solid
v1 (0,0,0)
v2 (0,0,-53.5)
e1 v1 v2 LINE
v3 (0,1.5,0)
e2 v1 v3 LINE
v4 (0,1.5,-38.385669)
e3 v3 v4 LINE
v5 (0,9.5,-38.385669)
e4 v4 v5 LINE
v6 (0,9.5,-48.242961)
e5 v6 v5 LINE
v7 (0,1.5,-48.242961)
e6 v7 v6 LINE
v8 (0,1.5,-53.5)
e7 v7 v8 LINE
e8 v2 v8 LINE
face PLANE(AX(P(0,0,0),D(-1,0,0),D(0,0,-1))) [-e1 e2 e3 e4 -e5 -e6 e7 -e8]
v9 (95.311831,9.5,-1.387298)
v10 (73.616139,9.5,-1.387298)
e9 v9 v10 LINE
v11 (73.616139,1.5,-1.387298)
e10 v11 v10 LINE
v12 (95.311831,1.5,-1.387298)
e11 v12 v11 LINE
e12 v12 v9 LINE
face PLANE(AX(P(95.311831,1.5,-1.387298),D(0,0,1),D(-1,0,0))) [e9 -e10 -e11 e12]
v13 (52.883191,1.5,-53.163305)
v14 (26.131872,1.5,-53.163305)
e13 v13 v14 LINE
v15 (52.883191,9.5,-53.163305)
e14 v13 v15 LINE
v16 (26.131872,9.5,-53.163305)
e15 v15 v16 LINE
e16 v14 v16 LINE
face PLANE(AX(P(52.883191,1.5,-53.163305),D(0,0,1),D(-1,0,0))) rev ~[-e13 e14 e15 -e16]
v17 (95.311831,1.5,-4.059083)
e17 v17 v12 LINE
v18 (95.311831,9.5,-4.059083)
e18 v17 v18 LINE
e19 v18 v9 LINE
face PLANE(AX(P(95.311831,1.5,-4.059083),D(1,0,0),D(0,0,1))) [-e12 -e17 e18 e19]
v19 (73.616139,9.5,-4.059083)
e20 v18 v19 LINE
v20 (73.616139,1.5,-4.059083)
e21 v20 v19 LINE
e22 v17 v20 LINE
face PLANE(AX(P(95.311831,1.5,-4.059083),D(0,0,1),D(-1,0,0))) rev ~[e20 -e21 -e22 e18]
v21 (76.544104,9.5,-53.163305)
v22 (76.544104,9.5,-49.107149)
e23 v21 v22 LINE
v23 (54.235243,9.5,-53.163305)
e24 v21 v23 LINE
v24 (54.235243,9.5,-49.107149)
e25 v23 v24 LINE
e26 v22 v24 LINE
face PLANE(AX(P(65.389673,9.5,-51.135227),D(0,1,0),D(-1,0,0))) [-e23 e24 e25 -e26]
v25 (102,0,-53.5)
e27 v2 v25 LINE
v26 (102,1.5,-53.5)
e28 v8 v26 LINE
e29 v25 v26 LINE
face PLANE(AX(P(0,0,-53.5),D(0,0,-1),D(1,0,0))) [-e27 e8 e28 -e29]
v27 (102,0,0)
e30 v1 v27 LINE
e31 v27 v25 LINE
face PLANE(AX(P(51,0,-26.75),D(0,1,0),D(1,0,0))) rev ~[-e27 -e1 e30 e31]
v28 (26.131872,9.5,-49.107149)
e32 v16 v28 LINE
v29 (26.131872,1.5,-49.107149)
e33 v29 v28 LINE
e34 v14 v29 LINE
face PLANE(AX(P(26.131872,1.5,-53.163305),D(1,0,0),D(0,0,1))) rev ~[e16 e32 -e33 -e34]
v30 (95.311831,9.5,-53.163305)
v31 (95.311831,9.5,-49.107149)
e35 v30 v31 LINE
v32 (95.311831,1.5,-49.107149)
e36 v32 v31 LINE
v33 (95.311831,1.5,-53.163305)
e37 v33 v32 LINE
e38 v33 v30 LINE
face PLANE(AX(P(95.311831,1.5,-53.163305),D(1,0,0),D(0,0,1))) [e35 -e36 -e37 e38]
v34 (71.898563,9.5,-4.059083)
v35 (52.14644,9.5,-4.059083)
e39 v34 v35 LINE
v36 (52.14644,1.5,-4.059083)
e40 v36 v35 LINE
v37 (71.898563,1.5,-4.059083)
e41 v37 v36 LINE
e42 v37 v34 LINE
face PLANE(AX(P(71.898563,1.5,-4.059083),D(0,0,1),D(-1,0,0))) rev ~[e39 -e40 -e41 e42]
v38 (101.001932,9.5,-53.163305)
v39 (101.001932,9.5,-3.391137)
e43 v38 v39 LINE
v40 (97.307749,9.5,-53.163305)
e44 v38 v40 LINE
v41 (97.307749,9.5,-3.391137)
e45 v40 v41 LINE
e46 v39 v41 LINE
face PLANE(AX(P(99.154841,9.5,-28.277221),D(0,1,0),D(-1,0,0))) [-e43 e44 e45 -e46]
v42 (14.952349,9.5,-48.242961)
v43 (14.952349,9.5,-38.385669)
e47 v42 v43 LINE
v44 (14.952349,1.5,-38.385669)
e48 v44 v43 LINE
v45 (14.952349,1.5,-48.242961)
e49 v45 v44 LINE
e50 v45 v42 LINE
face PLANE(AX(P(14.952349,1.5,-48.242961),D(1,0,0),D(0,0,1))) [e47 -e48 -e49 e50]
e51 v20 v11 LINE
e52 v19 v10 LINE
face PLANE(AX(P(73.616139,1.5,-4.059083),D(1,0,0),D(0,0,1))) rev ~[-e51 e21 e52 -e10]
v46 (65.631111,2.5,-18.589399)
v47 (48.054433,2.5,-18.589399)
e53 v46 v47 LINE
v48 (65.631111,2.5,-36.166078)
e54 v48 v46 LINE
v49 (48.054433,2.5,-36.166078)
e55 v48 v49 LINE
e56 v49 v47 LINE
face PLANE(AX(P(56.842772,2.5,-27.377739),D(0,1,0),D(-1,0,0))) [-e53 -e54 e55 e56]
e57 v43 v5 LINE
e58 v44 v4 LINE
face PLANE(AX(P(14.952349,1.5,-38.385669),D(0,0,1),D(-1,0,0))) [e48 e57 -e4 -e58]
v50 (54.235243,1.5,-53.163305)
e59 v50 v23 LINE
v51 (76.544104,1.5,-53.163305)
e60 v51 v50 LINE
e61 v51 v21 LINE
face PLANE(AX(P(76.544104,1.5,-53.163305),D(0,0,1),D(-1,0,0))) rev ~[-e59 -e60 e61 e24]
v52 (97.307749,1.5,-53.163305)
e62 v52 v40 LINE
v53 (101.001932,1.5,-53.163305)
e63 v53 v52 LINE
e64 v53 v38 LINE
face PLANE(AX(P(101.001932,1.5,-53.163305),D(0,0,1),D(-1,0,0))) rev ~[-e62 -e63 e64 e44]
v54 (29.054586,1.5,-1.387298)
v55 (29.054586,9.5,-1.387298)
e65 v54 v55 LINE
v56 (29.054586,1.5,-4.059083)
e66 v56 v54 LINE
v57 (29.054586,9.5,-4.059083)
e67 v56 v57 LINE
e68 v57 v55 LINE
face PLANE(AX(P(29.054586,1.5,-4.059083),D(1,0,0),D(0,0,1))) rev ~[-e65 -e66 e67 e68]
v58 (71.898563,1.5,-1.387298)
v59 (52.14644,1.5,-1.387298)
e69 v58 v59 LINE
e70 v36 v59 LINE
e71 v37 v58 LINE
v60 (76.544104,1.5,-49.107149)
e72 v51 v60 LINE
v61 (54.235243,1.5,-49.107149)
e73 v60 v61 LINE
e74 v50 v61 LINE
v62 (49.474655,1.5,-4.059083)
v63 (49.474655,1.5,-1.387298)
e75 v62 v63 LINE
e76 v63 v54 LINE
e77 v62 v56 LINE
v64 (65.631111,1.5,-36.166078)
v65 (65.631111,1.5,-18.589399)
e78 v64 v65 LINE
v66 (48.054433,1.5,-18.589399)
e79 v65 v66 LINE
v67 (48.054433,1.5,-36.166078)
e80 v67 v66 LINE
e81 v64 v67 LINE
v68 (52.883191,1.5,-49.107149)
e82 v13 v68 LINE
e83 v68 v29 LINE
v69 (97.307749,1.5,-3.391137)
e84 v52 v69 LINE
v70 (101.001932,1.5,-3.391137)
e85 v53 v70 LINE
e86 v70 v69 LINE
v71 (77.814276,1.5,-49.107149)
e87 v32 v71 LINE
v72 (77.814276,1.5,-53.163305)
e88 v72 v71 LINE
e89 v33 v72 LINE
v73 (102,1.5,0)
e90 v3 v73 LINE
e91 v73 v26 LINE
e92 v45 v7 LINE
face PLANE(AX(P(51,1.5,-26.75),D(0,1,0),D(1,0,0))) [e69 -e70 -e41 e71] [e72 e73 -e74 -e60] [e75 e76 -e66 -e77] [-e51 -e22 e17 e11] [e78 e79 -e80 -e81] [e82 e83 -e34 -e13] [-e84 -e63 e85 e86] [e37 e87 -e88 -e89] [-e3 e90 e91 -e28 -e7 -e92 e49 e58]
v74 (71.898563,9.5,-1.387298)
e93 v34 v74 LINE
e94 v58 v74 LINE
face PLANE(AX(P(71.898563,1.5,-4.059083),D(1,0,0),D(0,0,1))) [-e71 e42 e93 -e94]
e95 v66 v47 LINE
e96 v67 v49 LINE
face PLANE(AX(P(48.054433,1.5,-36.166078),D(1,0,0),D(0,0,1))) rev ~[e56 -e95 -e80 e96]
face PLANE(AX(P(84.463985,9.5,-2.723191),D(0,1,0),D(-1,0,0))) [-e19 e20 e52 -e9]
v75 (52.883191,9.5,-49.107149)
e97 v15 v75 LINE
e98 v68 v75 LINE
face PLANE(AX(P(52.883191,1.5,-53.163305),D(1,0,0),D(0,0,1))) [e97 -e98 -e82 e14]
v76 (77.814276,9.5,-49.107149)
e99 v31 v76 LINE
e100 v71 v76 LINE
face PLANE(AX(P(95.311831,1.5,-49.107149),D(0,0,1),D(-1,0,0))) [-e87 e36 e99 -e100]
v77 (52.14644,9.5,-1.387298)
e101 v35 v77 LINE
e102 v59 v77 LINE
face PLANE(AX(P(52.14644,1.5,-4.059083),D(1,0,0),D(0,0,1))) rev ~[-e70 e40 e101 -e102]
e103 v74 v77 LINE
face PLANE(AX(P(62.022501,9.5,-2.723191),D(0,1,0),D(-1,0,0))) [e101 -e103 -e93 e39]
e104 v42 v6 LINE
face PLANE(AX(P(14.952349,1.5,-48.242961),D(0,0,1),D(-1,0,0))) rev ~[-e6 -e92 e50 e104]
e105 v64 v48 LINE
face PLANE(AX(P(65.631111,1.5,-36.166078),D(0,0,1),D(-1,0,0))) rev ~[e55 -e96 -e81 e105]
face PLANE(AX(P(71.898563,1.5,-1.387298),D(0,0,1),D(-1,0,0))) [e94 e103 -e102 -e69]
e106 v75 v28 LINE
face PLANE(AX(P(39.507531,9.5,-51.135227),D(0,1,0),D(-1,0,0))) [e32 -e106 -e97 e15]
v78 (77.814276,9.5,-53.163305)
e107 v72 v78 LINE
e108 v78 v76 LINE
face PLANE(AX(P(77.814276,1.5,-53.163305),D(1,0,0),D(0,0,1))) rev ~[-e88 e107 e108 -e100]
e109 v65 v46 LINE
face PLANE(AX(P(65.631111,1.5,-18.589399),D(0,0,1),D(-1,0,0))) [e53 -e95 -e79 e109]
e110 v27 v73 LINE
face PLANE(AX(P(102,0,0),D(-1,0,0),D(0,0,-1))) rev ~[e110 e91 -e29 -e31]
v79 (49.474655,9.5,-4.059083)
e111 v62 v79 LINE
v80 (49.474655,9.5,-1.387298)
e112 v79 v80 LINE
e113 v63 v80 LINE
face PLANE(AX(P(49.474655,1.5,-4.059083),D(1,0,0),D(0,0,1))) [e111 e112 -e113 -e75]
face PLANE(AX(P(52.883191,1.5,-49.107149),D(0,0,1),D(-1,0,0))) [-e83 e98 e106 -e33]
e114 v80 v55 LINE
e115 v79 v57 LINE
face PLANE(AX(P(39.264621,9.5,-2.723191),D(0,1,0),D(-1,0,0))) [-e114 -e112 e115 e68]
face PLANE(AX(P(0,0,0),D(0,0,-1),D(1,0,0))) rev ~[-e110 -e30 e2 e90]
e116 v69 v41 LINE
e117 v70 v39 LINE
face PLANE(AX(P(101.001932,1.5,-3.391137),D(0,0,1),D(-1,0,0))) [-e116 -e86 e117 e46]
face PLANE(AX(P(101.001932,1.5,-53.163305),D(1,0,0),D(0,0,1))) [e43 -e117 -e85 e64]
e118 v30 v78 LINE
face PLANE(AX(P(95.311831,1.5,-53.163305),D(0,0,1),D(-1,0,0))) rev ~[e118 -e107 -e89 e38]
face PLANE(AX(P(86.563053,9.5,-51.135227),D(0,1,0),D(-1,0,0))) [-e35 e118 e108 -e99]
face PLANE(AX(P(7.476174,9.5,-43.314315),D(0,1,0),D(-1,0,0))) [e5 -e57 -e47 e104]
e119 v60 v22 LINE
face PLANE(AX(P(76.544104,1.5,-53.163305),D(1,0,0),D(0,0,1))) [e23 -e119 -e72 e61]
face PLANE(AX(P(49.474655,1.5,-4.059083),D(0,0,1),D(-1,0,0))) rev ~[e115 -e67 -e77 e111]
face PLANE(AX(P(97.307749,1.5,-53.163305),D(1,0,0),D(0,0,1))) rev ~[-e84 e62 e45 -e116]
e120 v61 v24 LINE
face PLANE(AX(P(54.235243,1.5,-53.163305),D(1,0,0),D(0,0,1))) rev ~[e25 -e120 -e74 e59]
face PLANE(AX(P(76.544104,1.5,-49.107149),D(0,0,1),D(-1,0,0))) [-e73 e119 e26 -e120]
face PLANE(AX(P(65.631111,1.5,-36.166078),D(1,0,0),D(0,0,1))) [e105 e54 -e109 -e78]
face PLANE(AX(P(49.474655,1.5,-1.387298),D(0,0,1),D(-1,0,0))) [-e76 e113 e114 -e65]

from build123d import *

# Parameters (mm, degrees)
SKETCH1_W           = 102
SKETCH1_H           = 53.5
BOSS_EXTRUDE1_DEPTH = 1.5
SKETCH2_W           = 14.952348819
SKETCH2_H           = 9.85729203
BOSS_EXTRUDE2_DEPTH = 8
SKETCH3_W           = 26.751318109
SKETCH3_H           = 4.056156536
SKETCH3_W_2         = 22.308860949
SKETCH3_W_3         = 17.497554299
SKETCH3_W_4         = 3.694182794
SKETCH3_H_2         = 49.772168178
SKETCH3_W_5         = 21.695691939
SKETCH3_H_3         = 2.671784729
SKETCH3_W_6         = 19.752122819
SKETCH3_W_7         = 20.420069002
BOSS_EXTRUDE3_DEPTH = 8
SKETCH4_W           = 17.576678325
SKETCH4_H           = 17.576678325
BOSS_EXTRUDE4_DEPTH = 1


with BuildPart() as part:
    # Sketch1 → Boss-Extrude1 (new body)
    with BuildSketch(Plane(origin=(0, 0, 0), x_dir=(1, 0, 0), z_dir=(0, 1, 0))):
        with Locations((51, 26.75)):
            Rectangle(SKETCH1_W, SKETCH1_H)
    extrude(amount=BOSS_EXTRUDE1_DEPTH)

    # Sketch2 → Boss-Extrude2 (add)
    with BuildSketch(Plane(origin=(0, 1.5, 0), x_dir=(-1, 0, 0), z_dir=(0, 1, 0))):
        with Locations((-7.47617441, -43.314315473)):
            Rectangle(SKETCH2_W, SKETCH2_H)
    extrude(amount=BOSS_EXTRUDE2_DEPTH)

    # Sketch3 → Boss-Extrude3 (add)
    with BuildSketch(Plane(origin=(0, 1.5, 0), x_dir=(-1, 0, 0), z_dir=(0, 1, 0))):
        with Locations((-39.507531481, -51.135226796)):
            Rectangle(SKETCH3_W, SKETCH3_H)
        with Locations((-65.389673188, -51.135226796)):
            Rectangle(SKETCH3_W_2, SKETCH3_H)
        with Locations((-86.563053436, -51.135226796)):
            Rectangle(SKETCH3_W_3, SKETCH3_H)
        with Locations((-99.154840724, -28.277220975)):
            Rectangle(SKETCH3_W_4, SKETCH3_H_2)
        with Locations((-84.463984616, -2.723190704)):
            Rectangle(SKETCH3_W_5, SKETCH3_H_3)
        with Locations((-62.02250134, -2.723190704)):
            Rectangle(SKETCH3_W_6, SKETCH3_H_3)
        with Locations((-39.2646207, -2.723190704)):
            Rectangle(SKETCH3_W_7, SKETCH3_H_3)
    extrude(amount=BOSS_EXTRUDE3_DEPTH)

    # Sketch4 → Boss-Extrude4 (add)
    with BuildSketch(Plane(origin=(0, 1.5, 0), x_dir=(-1, 0, 0), z_dir=(0, 1, 0))):
        with Locations((-56.842771916, -27.377738511)):
            Rectangle(SKETCH4_W, SKETCH4_H)
    extrude(amount=BOSS_EXTRUDE4_DEPTH)


solid = part.part
